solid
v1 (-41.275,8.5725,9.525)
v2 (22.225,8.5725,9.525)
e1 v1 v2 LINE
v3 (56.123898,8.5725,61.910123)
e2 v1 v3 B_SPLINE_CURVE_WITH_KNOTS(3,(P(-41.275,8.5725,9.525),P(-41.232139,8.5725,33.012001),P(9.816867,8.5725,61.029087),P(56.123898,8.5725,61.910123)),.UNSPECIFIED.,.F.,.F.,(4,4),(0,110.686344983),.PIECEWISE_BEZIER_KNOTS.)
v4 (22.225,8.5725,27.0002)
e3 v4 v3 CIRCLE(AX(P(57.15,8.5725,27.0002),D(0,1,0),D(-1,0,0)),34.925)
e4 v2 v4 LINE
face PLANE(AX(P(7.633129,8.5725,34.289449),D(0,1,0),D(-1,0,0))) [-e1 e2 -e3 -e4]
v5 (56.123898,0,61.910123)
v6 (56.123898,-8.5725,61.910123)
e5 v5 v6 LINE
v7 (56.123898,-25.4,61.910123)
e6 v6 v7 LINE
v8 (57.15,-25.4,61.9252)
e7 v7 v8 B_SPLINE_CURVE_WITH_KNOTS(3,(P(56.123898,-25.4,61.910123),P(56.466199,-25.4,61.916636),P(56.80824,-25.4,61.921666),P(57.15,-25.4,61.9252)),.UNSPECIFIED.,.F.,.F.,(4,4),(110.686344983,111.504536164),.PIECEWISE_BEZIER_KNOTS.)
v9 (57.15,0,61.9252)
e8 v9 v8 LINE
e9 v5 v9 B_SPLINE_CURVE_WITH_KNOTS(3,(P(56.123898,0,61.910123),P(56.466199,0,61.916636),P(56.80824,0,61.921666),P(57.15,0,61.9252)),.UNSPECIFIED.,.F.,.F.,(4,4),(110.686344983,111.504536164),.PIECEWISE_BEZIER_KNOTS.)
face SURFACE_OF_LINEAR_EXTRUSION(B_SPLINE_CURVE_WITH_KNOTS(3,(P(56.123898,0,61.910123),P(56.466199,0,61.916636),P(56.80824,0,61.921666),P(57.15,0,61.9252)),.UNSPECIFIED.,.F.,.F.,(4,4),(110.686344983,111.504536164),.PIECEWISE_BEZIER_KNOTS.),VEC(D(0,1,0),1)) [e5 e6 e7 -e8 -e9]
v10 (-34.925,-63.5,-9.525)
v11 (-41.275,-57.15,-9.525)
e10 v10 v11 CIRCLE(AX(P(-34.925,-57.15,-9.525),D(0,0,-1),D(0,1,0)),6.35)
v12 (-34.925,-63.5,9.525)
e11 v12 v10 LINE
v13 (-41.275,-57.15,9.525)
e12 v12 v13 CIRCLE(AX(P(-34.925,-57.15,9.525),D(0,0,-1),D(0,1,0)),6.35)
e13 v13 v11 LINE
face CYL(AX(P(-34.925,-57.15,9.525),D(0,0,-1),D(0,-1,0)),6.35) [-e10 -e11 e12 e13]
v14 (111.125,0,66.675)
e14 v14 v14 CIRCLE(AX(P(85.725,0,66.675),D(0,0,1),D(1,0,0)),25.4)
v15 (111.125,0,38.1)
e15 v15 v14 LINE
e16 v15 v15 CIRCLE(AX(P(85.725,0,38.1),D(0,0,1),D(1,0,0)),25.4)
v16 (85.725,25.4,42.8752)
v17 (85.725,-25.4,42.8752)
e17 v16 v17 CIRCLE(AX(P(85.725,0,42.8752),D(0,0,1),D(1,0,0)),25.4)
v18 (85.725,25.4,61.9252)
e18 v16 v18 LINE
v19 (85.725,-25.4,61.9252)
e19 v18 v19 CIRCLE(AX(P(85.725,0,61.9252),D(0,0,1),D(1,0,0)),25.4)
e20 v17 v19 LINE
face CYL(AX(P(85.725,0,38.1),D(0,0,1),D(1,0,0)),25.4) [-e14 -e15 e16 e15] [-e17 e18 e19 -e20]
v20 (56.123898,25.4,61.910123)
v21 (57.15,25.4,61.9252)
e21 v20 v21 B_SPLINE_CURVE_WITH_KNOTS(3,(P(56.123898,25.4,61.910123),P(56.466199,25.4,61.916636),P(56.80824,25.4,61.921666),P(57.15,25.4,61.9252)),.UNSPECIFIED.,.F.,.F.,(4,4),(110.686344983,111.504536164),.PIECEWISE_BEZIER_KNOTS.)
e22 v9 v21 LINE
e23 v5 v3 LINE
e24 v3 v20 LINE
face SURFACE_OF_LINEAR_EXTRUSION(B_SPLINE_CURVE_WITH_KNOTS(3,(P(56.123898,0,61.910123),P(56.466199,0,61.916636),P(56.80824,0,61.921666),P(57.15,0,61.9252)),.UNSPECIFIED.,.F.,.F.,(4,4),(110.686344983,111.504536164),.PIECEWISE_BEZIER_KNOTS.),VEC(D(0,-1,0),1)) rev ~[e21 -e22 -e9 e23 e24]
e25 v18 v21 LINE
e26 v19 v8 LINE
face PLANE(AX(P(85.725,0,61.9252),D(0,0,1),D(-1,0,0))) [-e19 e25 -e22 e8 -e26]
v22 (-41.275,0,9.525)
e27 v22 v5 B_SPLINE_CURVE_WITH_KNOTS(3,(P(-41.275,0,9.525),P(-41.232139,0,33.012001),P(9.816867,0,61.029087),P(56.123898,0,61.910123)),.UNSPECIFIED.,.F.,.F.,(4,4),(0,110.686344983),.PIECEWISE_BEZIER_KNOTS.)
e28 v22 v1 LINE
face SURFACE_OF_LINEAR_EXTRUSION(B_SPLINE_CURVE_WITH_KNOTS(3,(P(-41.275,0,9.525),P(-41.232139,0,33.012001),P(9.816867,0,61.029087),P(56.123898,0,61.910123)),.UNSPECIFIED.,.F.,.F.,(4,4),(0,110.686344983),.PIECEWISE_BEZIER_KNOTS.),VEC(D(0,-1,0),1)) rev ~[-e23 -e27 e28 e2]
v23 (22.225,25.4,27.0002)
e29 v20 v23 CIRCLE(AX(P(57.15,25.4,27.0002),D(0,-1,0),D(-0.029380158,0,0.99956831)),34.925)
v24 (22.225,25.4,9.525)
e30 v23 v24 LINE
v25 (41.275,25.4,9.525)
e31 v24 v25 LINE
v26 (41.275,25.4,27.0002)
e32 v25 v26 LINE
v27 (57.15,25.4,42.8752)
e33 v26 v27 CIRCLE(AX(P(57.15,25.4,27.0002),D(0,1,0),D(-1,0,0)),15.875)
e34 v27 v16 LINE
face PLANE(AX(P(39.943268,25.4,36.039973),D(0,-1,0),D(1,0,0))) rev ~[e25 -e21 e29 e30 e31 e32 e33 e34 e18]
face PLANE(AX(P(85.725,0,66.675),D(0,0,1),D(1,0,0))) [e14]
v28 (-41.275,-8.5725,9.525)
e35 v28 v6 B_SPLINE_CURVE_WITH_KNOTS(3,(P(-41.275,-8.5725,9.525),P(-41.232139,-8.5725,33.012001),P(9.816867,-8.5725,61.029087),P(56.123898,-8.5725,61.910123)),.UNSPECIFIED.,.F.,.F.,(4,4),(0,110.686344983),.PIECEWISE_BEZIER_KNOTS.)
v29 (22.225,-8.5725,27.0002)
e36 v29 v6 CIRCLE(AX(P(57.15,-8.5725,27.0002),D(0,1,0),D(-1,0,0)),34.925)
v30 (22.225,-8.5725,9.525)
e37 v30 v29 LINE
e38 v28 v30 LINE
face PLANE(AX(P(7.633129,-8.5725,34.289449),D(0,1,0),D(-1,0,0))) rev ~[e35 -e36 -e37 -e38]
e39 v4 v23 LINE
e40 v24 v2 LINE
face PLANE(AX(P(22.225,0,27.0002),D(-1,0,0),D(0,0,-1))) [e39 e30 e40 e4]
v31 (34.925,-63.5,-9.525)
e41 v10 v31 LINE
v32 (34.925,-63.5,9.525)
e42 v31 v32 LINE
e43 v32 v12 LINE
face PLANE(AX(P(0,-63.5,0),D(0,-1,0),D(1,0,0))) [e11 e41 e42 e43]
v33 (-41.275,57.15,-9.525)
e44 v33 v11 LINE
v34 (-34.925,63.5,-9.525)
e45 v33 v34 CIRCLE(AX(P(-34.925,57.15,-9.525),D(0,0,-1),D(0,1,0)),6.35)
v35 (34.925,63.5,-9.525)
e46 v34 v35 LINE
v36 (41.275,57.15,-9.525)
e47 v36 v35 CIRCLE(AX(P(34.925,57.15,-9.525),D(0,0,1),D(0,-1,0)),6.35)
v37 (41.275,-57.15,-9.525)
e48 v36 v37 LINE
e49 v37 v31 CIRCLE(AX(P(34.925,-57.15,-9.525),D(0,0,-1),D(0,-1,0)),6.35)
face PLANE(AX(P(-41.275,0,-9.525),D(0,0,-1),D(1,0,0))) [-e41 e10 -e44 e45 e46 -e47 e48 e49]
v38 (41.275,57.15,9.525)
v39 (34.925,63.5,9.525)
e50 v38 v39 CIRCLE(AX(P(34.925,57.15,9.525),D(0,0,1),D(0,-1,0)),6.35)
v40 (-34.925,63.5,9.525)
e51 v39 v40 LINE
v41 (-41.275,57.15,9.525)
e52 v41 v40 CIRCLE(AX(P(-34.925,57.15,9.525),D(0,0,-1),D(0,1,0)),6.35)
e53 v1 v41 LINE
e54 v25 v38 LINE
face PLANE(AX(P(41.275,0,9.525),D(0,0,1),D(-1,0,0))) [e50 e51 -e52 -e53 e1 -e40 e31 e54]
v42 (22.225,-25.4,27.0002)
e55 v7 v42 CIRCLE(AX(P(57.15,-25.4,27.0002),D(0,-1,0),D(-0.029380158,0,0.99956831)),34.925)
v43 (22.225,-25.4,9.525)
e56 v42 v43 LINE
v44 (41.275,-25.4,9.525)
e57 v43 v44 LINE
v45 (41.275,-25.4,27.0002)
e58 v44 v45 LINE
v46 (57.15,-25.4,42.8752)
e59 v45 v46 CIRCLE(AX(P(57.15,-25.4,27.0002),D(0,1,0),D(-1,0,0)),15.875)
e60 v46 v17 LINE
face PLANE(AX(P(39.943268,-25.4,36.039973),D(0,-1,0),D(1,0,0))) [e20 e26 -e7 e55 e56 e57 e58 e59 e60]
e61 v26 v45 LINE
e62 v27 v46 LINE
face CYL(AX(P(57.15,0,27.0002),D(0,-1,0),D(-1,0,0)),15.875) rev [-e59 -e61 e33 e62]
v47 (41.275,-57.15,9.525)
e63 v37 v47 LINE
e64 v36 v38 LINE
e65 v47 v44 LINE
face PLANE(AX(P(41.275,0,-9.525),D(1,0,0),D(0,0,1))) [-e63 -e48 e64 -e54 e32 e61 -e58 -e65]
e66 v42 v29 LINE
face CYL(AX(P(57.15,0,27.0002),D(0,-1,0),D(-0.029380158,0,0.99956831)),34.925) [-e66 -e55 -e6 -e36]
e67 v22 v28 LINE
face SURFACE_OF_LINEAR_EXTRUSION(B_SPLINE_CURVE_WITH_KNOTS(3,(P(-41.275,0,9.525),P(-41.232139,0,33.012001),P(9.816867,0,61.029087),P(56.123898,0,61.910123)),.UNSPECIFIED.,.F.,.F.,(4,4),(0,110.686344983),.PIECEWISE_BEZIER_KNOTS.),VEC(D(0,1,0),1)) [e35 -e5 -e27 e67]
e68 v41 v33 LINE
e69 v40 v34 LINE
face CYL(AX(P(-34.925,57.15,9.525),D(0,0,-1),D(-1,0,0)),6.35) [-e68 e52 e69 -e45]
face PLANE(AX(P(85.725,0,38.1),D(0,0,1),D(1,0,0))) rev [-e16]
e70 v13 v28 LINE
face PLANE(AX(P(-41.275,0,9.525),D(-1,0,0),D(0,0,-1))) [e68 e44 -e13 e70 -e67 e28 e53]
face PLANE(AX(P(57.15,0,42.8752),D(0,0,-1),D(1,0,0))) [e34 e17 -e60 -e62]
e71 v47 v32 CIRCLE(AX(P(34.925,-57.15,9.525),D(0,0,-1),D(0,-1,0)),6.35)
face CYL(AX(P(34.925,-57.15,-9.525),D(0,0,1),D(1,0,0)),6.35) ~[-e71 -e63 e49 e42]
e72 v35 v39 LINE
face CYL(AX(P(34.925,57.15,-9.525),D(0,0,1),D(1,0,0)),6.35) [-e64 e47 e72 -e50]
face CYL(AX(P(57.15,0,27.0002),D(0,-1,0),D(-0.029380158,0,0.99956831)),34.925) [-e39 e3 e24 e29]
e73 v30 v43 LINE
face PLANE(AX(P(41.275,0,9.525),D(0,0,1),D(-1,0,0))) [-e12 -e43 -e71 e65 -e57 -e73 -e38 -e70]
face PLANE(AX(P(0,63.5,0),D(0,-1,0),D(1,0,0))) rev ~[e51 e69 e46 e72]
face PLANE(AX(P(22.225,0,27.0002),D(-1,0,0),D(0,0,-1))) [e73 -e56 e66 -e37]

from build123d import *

# Parameters (mm, degrees)
F1_DEPTH = 63.5
F0_W     = 25.4
F0_H     = 19.05
F2_DEPTH = 25.4
F3_DEPTH = 8.5725
F5_R     = 6.35


with BuildPart() as f1:
    # F0 (on Front) → F1 (new body, symmetric)
    with BuildSketch(Plane.XZ):
        Polygon((-41.275, 9.525), (-41.275, -9.525), (41.275, -9.525), (41.275, 9.525), (22.225, 9.525), align=None)
    extrude(amount=F1_DEPTH, both=True)

    # F0 (on Front) → F2 (join, symmetric)
    with BuildSketch(Plane.XZ):
        with BuildLine():
            Line((22.225, 9.525), (41.275, 9.525))
            Line((41.275, 9.525), (41.275, 27.0002))
            ThreePointArc((41.275, 27.0002), (45.9246798487, 38.2255201513), (57.15, 42.8752))
            Line((57.15, 42.8752), (60.325, 42.8752))
            Line((60.325, 42.8752), (60.325, 61.9252))
            Line((60.325, 61.9252), (57.15, 61.9252))
            add(Edge.make_bspline(
                [(56.1238979845, 61.9101232261), (56.4661986033, 61.9166358314), (56.8082401142, 61.9216656861), (57.15, 61.9252)],
                knots=[110.6863449834, 110.6863449834, 110.6863449834, 110.6863449834, 111.5045361635, 111.5045361635, 111.5045361635, 111.5045361635], degree=3))
            ThreePointArc((56.1238979845, 61.9101232261), (32.0941400278, 51.3304179615), (22.225, 27.0002))
            Line((22.225, 27.0002), (22.225, 9.525))
        make_face()
        with Locations((73.025, 52.4002)):
            Rectangle(F0_W, F0_H)
    extrude(amount=F2_DEPTH, both=True)

    # F0 (on Front) → F3 (join, symmetric)
    with BuildSketch(Plane.XZ):
        with BuildLine():
            add(Edge.make_bspline(
                [(-41.275, 9.525), (-41.2321390497, 33.0120007106), (9.8168669335, 61.0290865026), (56.1238979845, 61.9101232261)],
                knots=[0, 0, 0, 0, 110.6863449834, 110.6863449834, 110.6863449834, 110.6863449834], degree=3))
            Line((-41.275, 9.525), (22.225, 9.525))
            Line((22.225, 9.525), (22.225, 27.0002))
            ThreePointArc((22.225, 27.0002), (32.0941400278, 51.3304179615), (56.1238979845, 61.9101232261))
        make_face()
    extrude(amount=F3_DEPTH, both=True)

    # F0 (on Front) → F4 (revolve)
    with BuildSketch(Plane.XZ):
        Polygon((85.725, 66.675), (85.725, 61.9252), (85.725, 42.8752), (85.725, 38.1), (111.125, 38.1), (111.125, 66.675), align=None)
    revolve(axis=Axis((85.725, 0, 52.3875), (0, 0, 1)))

    # F5
    f5_edges = [f1.edges().sort_by_distance(p)[0] for p in [
        (-41.275, -63.5, 0),
        (41.275, -63.5, 0),
        (41.275, 63.5, 0),
        (-41.275, 63.5, 0),
    ]]
    fillet(f5_edges, radius=F5_R)


solid = f1.part
